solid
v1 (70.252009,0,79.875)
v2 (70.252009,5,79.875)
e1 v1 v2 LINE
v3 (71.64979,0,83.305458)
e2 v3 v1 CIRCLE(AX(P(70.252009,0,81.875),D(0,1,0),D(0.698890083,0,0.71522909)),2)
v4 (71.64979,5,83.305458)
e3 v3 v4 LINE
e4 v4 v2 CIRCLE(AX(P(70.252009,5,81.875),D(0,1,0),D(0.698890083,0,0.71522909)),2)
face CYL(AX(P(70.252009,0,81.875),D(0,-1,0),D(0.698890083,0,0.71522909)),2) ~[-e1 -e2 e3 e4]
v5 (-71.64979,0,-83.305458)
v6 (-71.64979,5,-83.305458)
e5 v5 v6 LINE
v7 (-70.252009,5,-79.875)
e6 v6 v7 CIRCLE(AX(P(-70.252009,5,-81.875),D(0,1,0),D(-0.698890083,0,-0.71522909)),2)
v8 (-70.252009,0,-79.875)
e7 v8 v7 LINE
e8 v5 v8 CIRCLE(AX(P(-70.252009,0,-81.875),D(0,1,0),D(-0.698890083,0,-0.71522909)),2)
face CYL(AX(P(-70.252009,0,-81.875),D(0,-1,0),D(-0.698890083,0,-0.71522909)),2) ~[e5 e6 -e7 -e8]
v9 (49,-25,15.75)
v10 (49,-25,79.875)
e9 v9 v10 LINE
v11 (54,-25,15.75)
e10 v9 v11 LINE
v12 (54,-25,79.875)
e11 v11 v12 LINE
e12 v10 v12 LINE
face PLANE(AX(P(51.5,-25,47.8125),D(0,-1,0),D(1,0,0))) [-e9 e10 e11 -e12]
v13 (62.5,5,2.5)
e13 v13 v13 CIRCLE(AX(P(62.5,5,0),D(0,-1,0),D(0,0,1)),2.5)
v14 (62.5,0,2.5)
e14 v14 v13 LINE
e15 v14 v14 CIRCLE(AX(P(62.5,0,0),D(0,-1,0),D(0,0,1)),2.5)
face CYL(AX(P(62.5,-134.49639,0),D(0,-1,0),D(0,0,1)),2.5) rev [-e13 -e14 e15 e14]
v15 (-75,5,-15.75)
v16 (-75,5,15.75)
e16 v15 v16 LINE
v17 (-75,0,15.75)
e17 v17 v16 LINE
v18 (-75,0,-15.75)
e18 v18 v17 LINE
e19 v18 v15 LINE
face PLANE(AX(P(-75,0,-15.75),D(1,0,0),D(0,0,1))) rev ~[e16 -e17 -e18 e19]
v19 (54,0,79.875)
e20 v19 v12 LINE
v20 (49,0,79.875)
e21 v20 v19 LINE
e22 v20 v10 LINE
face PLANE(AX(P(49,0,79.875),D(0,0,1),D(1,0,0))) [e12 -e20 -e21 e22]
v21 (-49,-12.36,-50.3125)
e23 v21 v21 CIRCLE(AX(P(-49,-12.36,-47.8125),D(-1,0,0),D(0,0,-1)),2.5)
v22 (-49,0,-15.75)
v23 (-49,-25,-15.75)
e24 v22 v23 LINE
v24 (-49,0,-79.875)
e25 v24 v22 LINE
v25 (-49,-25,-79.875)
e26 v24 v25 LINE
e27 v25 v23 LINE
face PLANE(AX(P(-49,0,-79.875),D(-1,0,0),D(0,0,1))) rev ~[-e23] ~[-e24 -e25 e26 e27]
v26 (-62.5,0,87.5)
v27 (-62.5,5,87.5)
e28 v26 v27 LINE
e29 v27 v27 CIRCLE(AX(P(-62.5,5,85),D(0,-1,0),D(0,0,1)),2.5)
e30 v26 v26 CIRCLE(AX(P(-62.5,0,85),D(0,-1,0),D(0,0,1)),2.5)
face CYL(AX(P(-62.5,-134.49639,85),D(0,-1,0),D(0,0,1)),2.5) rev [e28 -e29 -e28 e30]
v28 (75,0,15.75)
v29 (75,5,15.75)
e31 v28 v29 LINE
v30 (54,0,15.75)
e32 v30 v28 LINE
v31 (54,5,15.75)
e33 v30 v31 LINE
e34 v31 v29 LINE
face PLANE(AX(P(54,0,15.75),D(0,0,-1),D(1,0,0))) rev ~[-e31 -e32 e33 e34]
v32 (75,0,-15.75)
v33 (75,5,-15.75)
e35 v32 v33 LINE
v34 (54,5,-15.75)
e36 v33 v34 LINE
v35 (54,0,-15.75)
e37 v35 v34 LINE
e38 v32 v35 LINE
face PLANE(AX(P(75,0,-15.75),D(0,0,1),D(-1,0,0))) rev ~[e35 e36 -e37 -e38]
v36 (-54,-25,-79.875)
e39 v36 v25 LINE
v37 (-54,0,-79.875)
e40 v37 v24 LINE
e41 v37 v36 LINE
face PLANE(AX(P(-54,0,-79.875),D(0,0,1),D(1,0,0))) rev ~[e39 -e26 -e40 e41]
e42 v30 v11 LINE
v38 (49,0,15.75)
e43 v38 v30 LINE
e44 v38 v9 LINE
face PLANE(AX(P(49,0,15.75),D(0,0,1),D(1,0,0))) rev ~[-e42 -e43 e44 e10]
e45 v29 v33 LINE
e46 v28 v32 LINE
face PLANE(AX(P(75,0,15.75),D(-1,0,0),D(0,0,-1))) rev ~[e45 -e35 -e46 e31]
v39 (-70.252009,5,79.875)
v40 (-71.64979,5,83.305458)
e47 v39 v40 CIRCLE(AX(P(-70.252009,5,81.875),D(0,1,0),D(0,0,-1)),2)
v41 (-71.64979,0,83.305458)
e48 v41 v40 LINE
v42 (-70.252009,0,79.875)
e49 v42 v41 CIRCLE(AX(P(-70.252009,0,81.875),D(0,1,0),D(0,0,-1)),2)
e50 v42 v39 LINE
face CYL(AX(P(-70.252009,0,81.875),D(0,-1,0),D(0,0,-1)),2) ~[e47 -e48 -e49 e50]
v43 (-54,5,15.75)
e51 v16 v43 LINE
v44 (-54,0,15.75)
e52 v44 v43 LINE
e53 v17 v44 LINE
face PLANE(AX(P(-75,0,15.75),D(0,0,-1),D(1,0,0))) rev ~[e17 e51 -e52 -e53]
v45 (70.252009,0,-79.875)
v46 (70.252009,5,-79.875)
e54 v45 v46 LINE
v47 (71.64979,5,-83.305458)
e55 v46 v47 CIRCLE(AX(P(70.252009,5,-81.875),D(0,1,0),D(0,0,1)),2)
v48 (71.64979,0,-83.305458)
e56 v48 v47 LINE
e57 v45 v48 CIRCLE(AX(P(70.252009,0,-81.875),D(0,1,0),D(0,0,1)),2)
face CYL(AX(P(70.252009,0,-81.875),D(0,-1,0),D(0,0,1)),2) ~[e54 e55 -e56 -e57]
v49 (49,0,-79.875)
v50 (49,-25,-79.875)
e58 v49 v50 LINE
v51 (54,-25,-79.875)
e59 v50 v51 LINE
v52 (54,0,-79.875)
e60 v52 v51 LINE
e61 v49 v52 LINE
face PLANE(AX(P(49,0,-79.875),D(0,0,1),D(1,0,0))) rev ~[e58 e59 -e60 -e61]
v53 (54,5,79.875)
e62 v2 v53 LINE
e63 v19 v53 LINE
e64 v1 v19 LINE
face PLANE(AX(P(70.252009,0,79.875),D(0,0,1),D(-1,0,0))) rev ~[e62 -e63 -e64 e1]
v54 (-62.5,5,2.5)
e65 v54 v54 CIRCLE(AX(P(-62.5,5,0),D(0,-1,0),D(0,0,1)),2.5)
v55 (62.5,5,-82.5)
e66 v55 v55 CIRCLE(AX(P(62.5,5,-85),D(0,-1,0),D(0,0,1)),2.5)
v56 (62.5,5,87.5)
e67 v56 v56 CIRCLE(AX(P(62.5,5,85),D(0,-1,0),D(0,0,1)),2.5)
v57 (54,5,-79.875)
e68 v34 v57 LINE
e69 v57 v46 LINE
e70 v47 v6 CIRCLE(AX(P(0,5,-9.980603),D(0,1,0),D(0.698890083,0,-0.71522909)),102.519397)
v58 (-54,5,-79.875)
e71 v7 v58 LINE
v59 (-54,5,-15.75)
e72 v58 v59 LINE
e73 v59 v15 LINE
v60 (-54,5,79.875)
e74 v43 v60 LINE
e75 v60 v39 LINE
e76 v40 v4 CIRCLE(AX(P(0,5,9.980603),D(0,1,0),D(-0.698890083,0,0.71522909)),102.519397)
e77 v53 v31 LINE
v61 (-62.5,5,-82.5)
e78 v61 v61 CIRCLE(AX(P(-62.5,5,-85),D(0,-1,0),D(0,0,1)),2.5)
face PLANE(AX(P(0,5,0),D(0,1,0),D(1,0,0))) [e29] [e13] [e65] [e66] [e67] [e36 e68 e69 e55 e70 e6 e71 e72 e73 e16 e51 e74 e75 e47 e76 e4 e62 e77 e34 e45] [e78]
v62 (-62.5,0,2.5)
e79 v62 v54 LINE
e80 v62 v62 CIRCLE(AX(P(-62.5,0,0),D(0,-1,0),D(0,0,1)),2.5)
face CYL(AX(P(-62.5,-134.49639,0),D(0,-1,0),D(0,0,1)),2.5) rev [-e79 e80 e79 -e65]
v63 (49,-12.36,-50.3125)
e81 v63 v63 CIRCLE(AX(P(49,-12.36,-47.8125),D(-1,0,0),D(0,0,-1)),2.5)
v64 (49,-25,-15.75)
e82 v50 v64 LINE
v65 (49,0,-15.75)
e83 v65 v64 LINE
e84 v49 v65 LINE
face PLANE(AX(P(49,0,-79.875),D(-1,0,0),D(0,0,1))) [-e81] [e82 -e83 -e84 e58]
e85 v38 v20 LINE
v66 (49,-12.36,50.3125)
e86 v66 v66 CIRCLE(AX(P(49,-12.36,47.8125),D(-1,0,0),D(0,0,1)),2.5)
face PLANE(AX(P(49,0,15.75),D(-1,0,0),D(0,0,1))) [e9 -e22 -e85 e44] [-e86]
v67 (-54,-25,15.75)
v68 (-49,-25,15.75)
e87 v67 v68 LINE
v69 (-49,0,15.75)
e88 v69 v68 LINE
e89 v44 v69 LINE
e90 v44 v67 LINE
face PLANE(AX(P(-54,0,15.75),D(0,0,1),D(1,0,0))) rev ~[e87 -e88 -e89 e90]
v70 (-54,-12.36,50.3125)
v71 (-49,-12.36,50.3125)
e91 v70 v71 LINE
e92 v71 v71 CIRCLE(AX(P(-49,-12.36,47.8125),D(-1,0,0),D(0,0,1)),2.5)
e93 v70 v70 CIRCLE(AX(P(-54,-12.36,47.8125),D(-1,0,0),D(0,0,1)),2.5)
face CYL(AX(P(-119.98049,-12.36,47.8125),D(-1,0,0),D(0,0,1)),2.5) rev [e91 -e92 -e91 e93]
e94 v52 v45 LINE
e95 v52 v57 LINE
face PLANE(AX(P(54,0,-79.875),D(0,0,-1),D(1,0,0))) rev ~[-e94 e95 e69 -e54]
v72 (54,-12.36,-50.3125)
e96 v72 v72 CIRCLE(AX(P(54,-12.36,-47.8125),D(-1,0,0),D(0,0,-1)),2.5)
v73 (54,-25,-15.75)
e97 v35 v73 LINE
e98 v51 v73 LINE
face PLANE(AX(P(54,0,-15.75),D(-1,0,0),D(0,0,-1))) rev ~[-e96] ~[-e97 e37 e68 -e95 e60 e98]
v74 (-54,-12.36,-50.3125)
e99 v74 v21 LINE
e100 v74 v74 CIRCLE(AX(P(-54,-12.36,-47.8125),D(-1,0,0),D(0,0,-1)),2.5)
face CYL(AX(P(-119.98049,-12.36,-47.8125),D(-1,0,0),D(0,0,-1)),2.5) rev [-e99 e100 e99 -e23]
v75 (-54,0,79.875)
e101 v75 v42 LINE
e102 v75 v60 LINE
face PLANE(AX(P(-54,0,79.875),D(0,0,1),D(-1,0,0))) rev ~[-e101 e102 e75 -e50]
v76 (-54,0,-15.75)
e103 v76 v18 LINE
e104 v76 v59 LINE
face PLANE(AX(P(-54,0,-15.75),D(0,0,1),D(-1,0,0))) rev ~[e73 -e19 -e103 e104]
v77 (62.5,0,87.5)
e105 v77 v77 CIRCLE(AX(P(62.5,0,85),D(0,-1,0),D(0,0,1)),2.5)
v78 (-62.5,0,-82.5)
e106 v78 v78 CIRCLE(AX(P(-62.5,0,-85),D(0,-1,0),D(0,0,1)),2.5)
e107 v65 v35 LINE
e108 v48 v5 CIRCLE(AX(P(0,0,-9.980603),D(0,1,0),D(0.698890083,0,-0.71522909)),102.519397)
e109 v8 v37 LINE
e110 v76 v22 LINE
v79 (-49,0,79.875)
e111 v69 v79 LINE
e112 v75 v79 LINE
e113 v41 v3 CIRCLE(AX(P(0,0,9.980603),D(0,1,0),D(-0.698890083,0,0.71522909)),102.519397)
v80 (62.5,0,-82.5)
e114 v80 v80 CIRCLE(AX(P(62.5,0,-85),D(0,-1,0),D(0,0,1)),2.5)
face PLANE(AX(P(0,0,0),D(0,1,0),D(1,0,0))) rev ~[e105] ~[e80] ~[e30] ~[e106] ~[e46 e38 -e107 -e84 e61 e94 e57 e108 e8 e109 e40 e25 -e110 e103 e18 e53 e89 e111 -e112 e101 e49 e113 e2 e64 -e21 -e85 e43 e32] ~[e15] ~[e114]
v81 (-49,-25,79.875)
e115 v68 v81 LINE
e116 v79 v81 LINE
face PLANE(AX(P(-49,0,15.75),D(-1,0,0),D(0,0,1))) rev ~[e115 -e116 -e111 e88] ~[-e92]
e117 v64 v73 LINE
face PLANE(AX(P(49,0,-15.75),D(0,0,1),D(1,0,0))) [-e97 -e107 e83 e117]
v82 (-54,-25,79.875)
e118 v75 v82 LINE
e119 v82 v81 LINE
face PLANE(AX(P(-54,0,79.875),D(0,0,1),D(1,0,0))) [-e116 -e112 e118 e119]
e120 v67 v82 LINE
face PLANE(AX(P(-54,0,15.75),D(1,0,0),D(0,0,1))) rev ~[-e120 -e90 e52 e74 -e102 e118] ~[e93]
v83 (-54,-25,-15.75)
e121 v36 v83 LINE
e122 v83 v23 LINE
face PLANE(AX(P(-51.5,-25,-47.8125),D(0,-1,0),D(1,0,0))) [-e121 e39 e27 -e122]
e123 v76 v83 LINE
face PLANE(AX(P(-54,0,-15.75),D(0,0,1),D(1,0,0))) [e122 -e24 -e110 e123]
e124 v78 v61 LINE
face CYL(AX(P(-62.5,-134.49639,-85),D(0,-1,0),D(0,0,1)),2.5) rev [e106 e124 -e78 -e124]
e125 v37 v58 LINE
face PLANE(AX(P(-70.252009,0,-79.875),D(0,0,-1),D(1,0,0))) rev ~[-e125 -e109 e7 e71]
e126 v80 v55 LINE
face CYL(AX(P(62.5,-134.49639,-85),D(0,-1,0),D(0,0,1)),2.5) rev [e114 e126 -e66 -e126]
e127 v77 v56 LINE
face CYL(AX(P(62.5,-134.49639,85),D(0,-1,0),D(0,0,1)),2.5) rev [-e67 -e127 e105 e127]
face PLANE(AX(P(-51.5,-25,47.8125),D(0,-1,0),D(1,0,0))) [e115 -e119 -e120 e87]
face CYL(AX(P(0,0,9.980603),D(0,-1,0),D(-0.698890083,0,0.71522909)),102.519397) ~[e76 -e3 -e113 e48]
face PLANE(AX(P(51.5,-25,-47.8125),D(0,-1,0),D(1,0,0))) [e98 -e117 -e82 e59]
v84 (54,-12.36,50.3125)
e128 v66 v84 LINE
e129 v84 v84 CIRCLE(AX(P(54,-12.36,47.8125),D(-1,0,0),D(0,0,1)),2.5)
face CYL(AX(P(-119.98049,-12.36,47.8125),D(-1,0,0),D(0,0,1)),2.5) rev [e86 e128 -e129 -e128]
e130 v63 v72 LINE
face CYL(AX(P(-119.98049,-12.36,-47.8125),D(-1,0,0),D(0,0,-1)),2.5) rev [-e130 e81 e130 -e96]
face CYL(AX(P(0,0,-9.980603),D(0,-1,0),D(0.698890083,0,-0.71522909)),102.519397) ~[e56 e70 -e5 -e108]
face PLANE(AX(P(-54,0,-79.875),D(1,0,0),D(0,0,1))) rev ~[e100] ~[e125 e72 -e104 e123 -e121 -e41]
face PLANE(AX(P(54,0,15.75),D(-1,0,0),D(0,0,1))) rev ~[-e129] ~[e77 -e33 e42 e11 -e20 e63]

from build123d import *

# Parameters (mm, degrees)
BOSS_EXTRUDE1_DEPTH     = 5
SKETCH2_W               = 5
SKETCH2_H               = 64.125
BOSS_EXTRUDE2_DEPTH     = 25
CUT_EXTRUDE1_DEPTH      = 173.980490229
CUT_EXTRUDE1_DEPTH_BACK = 173.980490229
SKETCH3_R               = 2.5
CUT_EXTRUDE2_DEPTH      = 139.496389845
CUT_EXTRUDE2_DEPTH_BACK = 139.496389845
SKETCH4_R               = 2.5


with BuildPart() as part:
    # Sketch1 → Boss-Extrude1 (new body)
    with BuildSketch(Plane(origin=(0, 0, 0), x_dir=(1, 0, 0), z_dir=(0, 1, 0))):
        with BuildLine():
            Line((-75, 15.75), (-75, -15.75))
            Line((-75, -15.75), (-54, -15.75))
            Line((-54, -15.75), (-54, -79.875))
            Line((-54, -79.875), (-70.25200942, -79.875))
            ThreePointArc((-70.25200942, -79.875), (-72.104159031, -81.120320055), (-71.649789587, -83.305458181))
            ThreePointArc((-71.649789587, -83.305458181), (0, -112.5), (71.649789587, -83.305458181))
            ThreePointArc((71.649789587, -83.305458181), (72.104159031, -81.120320055), (70.25200942, -79.875))
            Line((70.25200942, -79.875), (54, -79.875))
            Line((54, -79.875), (54, -15.75))
            Line((54, -15.75), (75, -15.75))
            Line((75, -15.75), (75, 0))
            Line((75, 0), (75, 15.75))
            Line((75, 15.75), (54, 15.75))
            Line((54, 15.75), (54, 79.875))
            Line((54, 79.875), (70.25200942, 79.875))
            ThreePointArc((70.25200942, 79.875), (72.104159031, 81.120320055), (71.649789587, 83.305458181))
            ThreePointArc((71.649789587, 83.305458181), (0, 112.5), (-71.649789587, 83.305458181))
            ThreePointArc((-71.649789587, 83.305458181), (-72.104159031, 81.120320055), (-70.25200942, 79.875))
            Line((-70.25200942, 79.875), (-54, 79.875))
            Line((-54, 79.875), (-54, 15.75))
            Line((-54, 15.75), (-75, 15.75))
        make_face()
    extrude(amount=BOSS_EXTRUDE1_DEPTH)

    # Sketch2 → Boss-Extrude2 (add)
    with BuildSketch(Plane.XZ):
        with Locations((51.5, 47.8125)):
            Rectangle(SKETCH2_W, SKETCH2_H)
        with Locations((-51.5, 47.8125)):
            Rectangle(SKETCH2_W, SKETCH2_H)
        with Locations((-51.5, -47.8125)):
            Rectangle(SKETCH2_W, SKETCH2_H)
        with Locations((51.5, -47.8125)):
            Rectangle(SKETCH2_W, SKETCH2_H)
    extrude(amount=BOSS_EXTRUDE2_DEPTH)

    # Sketch3 → Cut-Extrude1 (cut, two sides: drawn at the far end of the back side and taken through both)
    with BuildSketch(Plane(origin=(54, 0, 0), x_dir=(0, 0, -1), z_dir=(1, 0, 0)).offset(-CUT_EXTRUDE1_DEPTH_BACK)):
        with Locations(Location((-47.8125, -12.36, 0), (0, 0, 180))):
            Circle(SKETCH3_R)
        with Locations((47.8125, -12.36)):
            Circle(SKETCH3_R)
    extrude(amount=CUT_EXTRUDE1_DEPTH + CUT_EXTRUDE1_DEPTH_BACK, mode=Mode.SUBTRACT)

    # Sketch4 → Cut-Extrude2 (cut, two sides: drawn at the far end of the back side and taken through both)
    with BuildSketch(Plane(origin=(0, 5, 0), x_dir=(1, 0, 0), z_dir=(0, 1, 0)).offset(-CUT_EXTRUDE2_DEPTH_BACK)):
        with Locations(Location((-62.5, 85, 0), (0, 0, 270))):
            Circle(SKETCH4_R)
        with Locations(Location((62.5, 85, 0), (0, 0, 270))):
            Circle(SKETCH4_R)
        with Locations(Location((62.5, 0, 0), (0, 0, 270))):
            Circle(SKETCH4_R)
        with Locations(Location((62.5, -85, 0), (0, 0, 270))):
            Circle(SKETCH4_R)
        with Locations(Location((-62.5, 0, 0), (0, 0, 270))):
            Circle(SKETCH4_R)
        with Locations(Location((-62.5, -85, 0), (0, 0, 270))):
            Circle(SKETCH4_R)
    extrude(amount=CUT_EXTRUDE2_DEPTH + CUT_EXTRUDE2_DEPTH_BACK, mode=Mode.SUBTRACT)


solid = part.part
